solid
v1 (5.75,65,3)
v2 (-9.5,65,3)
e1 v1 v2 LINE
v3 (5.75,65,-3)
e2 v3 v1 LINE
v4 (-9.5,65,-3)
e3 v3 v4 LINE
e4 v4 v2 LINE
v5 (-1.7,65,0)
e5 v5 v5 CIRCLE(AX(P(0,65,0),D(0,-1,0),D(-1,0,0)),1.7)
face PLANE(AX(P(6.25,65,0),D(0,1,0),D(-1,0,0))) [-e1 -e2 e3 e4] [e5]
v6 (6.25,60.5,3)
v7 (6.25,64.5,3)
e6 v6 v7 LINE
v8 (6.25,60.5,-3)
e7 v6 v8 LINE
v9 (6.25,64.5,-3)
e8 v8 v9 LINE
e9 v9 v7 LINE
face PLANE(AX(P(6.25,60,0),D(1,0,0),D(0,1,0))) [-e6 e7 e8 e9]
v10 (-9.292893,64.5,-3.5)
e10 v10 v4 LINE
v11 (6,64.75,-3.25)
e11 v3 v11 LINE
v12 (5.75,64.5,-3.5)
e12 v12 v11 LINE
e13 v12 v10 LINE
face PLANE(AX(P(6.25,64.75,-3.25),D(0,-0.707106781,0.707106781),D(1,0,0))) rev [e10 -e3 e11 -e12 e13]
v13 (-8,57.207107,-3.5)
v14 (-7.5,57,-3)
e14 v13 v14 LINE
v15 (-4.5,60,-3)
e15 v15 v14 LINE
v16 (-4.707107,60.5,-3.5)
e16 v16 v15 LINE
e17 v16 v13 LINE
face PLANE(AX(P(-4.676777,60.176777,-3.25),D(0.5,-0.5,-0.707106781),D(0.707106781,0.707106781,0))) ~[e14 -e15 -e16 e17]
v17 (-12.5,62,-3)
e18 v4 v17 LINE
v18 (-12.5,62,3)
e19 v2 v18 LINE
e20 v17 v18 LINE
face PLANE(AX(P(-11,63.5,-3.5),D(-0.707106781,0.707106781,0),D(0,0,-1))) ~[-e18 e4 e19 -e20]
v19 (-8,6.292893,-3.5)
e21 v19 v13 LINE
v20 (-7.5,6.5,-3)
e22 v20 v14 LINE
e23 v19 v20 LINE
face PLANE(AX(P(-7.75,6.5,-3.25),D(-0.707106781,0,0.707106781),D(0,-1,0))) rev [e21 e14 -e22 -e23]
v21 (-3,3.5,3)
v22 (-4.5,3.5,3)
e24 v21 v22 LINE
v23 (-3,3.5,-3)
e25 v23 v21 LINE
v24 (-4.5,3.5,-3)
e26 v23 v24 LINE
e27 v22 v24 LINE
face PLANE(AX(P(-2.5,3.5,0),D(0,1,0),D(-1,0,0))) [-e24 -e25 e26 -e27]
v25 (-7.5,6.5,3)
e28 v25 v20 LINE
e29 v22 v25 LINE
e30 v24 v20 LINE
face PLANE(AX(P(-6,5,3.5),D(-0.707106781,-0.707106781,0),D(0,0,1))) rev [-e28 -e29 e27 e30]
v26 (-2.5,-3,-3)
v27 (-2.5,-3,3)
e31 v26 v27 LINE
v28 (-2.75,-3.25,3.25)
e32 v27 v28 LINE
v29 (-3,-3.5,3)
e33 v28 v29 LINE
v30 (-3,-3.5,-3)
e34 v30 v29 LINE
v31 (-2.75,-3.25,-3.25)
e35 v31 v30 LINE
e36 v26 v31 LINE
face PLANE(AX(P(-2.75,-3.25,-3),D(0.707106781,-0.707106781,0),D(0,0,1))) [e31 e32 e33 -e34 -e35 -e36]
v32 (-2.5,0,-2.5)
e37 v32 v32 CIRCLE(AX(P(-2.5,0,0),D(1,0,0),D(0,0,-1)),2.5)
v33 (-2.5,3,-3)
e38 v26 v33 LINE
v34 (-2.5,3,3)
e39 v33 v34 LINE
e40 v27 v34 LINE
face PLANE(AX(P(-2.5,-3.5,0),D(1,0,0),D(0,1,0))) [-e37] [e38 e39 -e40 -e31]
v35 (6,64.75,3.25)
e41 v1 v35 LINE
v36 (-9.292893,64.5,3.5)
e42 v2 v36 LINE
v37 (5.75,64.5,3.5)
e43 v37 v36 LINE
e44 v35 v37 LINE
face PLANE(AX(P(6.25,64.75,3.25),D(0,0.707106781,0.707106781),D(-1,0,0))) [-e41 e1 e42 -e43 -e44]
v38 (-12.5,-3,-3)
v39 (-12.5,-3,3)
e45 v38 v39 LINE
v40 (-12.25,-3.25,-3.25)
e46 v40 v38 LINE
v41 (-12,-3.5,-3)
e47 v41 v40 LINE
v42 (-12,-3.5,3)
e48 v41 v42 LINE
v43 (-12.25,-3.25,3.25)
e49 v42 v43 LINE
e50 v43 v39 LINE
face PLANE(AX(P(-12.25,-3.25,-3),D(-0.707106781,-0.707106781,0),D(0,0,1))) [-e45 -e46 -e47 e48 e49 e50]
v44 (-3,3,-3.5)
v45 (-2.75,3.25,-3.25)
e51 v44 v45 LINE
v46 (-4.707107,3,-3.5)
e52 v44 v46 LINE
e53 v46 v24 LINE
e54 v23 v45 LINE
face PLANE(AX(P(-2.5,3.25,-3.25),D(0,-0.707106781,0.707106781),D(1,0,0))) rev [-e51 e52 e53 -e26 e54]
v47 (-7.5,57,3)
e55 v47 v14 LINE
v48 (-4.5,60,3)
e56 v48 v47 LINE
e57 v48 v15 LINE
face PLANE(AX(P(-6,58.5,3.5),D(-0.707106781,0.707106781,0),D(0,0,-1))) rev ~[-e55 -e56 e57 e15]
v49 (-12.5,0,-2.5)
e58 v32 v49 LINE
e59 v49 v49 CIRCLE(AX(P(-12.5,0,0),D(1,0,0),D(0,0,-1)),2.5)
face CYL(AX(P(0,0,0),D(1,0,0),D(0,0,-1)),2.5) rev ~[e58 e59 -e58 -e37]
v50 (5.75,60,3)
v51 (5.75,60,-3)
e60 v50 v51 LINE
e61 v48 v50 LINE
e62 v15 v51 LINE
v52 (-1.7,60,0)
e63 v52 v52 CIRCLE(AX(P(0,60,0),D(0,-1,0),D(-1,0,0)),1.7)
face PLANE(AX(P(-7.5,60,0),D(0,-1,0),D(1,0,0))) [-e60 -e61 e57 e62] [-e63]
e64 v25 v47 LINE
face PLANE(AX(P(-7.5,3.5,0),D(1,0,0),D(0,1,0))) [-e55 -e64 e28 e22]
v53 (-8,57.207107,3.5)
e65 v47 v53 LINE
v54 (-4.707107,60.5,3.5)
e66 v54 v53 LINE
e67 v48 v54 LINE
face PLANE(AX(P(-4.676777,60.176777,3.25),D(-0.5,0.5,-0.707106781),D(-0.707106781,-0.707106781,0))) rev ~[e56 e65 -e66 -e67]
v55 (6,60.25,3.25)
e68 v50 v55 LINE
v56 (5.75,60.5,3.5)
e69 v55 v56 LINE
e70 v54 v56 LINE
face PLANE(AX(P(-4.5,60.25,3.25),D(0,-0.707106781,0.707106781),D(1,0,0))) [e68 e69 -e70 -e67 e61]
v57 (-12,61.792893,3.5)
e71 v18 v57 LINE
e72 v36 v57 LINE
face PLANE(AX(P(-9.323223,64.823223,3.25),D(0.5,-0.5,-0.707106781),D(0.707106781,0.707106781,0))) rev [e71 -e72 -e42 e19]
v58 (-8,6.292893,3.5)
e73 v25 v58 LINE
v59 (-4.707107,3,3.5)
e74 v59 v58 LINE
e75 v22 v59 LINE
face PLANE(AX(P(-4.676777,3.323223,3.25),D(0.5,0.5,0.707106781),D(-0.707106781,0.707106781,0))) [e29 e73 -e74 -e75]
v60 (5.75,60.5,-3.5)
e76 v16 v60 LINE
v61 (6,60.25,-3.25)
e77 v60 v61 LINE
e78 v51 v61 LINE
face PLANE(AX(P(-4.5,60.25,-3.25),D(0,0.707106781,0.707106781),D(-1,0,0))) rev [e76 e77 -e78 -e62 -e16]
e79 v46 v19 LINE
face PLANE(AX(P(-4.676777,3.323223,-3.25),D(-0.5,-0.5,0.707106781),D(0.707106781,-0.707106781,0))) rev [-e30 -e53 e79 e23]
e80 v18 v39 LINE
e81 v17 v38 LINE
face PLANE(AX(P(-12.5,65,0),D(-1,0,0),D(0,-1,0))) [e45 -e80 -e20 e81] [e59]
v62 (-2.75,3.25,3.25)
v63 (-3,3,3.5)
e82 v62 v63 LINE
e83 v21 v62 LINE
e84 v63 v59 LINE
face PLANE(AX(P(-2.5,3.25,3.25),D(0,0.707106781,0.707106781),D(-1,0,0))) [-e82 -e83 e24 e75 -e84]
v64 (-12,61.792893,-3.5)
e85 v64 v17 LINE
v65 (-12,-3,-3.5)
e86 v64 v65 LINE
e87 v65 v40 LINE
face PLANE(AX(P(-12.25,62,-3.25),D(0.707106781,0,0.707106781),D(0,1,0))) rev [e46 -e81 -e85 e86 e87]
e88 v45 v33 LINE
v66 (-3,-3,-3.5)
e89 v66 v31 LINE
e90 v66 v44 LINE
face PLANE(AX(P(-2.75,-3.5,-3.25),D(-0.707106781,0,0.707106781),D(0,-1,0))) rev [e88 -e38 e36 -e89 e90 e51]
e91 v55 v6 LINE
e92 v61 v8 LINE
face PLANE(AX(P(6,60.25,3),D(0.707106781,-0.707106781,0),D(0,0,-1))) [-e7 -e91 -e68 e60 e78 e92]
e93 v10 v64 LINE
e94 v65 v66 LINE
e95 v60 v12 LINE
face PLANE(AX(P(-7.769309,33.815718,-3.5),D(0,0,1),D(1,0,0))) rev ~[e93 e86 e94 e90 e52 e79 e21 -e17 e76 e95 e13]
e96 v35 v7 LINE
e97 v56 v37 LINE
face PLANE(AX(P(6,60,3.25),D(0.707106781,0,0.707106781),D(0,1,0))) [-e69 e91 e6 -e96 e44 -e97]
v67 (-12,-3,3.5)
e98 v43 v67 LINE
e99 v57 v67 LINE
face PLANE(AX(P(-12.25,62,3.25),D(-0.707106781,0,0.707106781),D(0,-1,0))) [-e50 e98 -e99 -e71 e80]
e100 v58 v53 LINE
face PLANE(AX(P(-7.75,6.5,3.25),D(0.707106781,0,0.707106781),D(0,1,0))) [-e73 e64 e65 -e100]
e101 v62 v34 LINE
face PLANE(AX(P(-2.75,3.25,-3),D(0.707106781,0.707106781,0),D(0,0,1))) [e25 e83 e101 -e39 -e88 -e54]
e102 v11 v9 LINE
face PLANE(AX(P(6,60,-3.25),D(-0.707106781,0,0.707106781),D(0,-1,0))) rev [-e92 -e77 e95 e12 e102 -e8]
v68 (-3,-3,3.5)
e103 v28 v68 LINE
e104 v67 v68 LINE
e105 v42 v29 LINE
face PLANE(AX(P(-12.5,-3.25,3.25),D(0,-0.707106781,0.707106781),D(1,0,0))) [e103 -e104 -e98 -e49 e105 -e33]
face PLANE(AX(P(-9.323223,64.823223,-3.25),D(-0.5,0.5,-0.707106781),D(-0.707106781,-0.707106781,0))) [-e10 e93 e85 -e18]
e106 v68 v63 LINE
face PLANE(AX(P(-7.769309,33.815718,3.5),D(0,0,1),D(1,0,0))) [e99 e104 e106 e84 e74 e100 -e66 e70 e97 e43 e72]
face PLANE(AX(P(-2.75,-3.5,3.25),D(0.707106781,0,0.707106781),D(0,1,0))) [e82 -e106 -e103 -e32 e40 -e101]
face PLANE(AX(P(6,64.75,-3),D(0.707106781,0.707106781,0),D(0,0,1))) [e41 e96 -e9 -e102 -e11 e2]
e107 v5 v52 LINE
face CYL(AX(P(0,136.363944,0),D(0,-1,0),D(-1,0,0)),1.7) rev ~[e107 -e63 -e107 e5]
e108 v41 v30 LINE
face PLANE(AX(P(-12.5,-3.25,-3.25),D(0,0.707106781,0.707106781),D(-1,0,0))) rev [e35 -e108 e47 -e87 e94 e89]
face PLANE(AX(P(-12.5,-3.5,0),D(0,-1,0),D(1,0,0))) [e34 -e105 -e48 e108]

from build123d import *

# Parameters (mm, degrees)
SALIENTE_EXTRUIR1_DEPTH      = 3.5
CROQUIS2_R                   = 2.5
CORTAR_EXTRUIR1_DEPTH        = 7.25
CORTAR_EXTRUIR1_DEPTH_BACK   = 13.5
TALADRO_DE_MARGEN_PARA_M31_D = 3.4
CHAFL_N1_SIZE                = 3
CHAFL_N2_SIZE                = 0.5
CHAFL_N3_SIZE                = 0.5


with BuildPart() as part:
    # Croquis1 → Saliente-Extruir1 (new body, symmetric)
    with BuildSketch(Plane.XY):
        Polygon((6.25, 60), (6.25, 65), (0, 65), (-12.5, 65), (-12.5, 3.5), (-12.5, -3.5), (-2.5, -3.5), (-2.5, 3.5), (-7.5, 3.5), (-7.5, 60), (0, 60), align=None)
    extrude(amount=SALIENTE_EXTRUIR1_DEPTH, both=True)

    # Croquis2 → Cortar-Extruir1 (cut, two sides)
    with BuildSketch(Plane(origin=(0, 0, 0), x_dir=(0, 0, -1), z_dir=(1, 0, 0))) as cortar_extruir1_sk:
        Circle(CROQUIS2_R)
    extrude(amount=CORTAR_EXTRUIR1_DEPTH, mode=Mode.SUBTRACT)
    extrude(cortar_extruir1_sk.sketch, amount=-CORTAR_EXTRUIR1_DEPTH_BACK, mode=Mode.SUBTRACT)

    # Taladro de margen para M31 (through all)
    with Locations(Plane(origin=(0, 65, 0), x_dir=(1, 0, 0), z_dir=(0, 1, 0))):
        with Locations((0, 0)):
            Hole(TALADRO_DE_MARGEN_PARA_M31_D / 2)

    # Chaflán1
    chafl_n1_edges = [part.edges().sort_by_distance(p)[0] for p in [
        (-7.5, 60, 0),
        (-7.5, 3.5, 0),
        (-12.5, 65, 0),
    ]]
    chamfer(chafl_n1_edges, length=CHAFL_N1_SIZE)

    # Chaflán2
    chafl_n2_edges = [part.edges().sort_by_distance(p)[0] for p in [
        (-3.5, 3.5, -3.5),
        (-2.5, 0, -3.5),
        (-7.5, -3.5, -3.5),
        (6.25, 62.5, 3.5),
        (-12.5, 29.25, -3.5),
        (6.25, 62.5, -3.5),
        (-12.5, 29.25, 3.5),
        (-7.5, -3.5, 3.5),
        (-2.5, 0, 3.5),
        (-3.5, 3.5, 3.5),
        (-7.5, 31.75, -3.5),
        (-7.5, 31.75, 3.5),
        (0.875, 60, -3.5),
        (-1.625, 65, -3.5),
        (-11, 63.5, -3.5),
        (-1.625, 65, 3.5),
        (0.875, 60, 3.5),
        (-11, 63.5, 3.5),
        (-6, 5, -3.5),
        (-6, 5, 3.5),
        (-6, 58.5, -3.5),
        (-6, 58.5, 3.5),
    ]]
    chamfer(chafl_n2_edges, length=CHAFL_N2_SIZE)

    # Chaflán3
    chafl_n3_edges = [part.edges().sort_by_distance(p)[0] for p in [
        (-2.5, -3.5, 0),
        (-12.5, -3.5, 0),
        (-2.5, 3.5, 0),
        (6.25, 60, 0),
        (6.25, 65, 0),
    ]]
    chamfer(chafl_n3_edges, length=CHAFL_N3_SIZE)


solid = part.part
